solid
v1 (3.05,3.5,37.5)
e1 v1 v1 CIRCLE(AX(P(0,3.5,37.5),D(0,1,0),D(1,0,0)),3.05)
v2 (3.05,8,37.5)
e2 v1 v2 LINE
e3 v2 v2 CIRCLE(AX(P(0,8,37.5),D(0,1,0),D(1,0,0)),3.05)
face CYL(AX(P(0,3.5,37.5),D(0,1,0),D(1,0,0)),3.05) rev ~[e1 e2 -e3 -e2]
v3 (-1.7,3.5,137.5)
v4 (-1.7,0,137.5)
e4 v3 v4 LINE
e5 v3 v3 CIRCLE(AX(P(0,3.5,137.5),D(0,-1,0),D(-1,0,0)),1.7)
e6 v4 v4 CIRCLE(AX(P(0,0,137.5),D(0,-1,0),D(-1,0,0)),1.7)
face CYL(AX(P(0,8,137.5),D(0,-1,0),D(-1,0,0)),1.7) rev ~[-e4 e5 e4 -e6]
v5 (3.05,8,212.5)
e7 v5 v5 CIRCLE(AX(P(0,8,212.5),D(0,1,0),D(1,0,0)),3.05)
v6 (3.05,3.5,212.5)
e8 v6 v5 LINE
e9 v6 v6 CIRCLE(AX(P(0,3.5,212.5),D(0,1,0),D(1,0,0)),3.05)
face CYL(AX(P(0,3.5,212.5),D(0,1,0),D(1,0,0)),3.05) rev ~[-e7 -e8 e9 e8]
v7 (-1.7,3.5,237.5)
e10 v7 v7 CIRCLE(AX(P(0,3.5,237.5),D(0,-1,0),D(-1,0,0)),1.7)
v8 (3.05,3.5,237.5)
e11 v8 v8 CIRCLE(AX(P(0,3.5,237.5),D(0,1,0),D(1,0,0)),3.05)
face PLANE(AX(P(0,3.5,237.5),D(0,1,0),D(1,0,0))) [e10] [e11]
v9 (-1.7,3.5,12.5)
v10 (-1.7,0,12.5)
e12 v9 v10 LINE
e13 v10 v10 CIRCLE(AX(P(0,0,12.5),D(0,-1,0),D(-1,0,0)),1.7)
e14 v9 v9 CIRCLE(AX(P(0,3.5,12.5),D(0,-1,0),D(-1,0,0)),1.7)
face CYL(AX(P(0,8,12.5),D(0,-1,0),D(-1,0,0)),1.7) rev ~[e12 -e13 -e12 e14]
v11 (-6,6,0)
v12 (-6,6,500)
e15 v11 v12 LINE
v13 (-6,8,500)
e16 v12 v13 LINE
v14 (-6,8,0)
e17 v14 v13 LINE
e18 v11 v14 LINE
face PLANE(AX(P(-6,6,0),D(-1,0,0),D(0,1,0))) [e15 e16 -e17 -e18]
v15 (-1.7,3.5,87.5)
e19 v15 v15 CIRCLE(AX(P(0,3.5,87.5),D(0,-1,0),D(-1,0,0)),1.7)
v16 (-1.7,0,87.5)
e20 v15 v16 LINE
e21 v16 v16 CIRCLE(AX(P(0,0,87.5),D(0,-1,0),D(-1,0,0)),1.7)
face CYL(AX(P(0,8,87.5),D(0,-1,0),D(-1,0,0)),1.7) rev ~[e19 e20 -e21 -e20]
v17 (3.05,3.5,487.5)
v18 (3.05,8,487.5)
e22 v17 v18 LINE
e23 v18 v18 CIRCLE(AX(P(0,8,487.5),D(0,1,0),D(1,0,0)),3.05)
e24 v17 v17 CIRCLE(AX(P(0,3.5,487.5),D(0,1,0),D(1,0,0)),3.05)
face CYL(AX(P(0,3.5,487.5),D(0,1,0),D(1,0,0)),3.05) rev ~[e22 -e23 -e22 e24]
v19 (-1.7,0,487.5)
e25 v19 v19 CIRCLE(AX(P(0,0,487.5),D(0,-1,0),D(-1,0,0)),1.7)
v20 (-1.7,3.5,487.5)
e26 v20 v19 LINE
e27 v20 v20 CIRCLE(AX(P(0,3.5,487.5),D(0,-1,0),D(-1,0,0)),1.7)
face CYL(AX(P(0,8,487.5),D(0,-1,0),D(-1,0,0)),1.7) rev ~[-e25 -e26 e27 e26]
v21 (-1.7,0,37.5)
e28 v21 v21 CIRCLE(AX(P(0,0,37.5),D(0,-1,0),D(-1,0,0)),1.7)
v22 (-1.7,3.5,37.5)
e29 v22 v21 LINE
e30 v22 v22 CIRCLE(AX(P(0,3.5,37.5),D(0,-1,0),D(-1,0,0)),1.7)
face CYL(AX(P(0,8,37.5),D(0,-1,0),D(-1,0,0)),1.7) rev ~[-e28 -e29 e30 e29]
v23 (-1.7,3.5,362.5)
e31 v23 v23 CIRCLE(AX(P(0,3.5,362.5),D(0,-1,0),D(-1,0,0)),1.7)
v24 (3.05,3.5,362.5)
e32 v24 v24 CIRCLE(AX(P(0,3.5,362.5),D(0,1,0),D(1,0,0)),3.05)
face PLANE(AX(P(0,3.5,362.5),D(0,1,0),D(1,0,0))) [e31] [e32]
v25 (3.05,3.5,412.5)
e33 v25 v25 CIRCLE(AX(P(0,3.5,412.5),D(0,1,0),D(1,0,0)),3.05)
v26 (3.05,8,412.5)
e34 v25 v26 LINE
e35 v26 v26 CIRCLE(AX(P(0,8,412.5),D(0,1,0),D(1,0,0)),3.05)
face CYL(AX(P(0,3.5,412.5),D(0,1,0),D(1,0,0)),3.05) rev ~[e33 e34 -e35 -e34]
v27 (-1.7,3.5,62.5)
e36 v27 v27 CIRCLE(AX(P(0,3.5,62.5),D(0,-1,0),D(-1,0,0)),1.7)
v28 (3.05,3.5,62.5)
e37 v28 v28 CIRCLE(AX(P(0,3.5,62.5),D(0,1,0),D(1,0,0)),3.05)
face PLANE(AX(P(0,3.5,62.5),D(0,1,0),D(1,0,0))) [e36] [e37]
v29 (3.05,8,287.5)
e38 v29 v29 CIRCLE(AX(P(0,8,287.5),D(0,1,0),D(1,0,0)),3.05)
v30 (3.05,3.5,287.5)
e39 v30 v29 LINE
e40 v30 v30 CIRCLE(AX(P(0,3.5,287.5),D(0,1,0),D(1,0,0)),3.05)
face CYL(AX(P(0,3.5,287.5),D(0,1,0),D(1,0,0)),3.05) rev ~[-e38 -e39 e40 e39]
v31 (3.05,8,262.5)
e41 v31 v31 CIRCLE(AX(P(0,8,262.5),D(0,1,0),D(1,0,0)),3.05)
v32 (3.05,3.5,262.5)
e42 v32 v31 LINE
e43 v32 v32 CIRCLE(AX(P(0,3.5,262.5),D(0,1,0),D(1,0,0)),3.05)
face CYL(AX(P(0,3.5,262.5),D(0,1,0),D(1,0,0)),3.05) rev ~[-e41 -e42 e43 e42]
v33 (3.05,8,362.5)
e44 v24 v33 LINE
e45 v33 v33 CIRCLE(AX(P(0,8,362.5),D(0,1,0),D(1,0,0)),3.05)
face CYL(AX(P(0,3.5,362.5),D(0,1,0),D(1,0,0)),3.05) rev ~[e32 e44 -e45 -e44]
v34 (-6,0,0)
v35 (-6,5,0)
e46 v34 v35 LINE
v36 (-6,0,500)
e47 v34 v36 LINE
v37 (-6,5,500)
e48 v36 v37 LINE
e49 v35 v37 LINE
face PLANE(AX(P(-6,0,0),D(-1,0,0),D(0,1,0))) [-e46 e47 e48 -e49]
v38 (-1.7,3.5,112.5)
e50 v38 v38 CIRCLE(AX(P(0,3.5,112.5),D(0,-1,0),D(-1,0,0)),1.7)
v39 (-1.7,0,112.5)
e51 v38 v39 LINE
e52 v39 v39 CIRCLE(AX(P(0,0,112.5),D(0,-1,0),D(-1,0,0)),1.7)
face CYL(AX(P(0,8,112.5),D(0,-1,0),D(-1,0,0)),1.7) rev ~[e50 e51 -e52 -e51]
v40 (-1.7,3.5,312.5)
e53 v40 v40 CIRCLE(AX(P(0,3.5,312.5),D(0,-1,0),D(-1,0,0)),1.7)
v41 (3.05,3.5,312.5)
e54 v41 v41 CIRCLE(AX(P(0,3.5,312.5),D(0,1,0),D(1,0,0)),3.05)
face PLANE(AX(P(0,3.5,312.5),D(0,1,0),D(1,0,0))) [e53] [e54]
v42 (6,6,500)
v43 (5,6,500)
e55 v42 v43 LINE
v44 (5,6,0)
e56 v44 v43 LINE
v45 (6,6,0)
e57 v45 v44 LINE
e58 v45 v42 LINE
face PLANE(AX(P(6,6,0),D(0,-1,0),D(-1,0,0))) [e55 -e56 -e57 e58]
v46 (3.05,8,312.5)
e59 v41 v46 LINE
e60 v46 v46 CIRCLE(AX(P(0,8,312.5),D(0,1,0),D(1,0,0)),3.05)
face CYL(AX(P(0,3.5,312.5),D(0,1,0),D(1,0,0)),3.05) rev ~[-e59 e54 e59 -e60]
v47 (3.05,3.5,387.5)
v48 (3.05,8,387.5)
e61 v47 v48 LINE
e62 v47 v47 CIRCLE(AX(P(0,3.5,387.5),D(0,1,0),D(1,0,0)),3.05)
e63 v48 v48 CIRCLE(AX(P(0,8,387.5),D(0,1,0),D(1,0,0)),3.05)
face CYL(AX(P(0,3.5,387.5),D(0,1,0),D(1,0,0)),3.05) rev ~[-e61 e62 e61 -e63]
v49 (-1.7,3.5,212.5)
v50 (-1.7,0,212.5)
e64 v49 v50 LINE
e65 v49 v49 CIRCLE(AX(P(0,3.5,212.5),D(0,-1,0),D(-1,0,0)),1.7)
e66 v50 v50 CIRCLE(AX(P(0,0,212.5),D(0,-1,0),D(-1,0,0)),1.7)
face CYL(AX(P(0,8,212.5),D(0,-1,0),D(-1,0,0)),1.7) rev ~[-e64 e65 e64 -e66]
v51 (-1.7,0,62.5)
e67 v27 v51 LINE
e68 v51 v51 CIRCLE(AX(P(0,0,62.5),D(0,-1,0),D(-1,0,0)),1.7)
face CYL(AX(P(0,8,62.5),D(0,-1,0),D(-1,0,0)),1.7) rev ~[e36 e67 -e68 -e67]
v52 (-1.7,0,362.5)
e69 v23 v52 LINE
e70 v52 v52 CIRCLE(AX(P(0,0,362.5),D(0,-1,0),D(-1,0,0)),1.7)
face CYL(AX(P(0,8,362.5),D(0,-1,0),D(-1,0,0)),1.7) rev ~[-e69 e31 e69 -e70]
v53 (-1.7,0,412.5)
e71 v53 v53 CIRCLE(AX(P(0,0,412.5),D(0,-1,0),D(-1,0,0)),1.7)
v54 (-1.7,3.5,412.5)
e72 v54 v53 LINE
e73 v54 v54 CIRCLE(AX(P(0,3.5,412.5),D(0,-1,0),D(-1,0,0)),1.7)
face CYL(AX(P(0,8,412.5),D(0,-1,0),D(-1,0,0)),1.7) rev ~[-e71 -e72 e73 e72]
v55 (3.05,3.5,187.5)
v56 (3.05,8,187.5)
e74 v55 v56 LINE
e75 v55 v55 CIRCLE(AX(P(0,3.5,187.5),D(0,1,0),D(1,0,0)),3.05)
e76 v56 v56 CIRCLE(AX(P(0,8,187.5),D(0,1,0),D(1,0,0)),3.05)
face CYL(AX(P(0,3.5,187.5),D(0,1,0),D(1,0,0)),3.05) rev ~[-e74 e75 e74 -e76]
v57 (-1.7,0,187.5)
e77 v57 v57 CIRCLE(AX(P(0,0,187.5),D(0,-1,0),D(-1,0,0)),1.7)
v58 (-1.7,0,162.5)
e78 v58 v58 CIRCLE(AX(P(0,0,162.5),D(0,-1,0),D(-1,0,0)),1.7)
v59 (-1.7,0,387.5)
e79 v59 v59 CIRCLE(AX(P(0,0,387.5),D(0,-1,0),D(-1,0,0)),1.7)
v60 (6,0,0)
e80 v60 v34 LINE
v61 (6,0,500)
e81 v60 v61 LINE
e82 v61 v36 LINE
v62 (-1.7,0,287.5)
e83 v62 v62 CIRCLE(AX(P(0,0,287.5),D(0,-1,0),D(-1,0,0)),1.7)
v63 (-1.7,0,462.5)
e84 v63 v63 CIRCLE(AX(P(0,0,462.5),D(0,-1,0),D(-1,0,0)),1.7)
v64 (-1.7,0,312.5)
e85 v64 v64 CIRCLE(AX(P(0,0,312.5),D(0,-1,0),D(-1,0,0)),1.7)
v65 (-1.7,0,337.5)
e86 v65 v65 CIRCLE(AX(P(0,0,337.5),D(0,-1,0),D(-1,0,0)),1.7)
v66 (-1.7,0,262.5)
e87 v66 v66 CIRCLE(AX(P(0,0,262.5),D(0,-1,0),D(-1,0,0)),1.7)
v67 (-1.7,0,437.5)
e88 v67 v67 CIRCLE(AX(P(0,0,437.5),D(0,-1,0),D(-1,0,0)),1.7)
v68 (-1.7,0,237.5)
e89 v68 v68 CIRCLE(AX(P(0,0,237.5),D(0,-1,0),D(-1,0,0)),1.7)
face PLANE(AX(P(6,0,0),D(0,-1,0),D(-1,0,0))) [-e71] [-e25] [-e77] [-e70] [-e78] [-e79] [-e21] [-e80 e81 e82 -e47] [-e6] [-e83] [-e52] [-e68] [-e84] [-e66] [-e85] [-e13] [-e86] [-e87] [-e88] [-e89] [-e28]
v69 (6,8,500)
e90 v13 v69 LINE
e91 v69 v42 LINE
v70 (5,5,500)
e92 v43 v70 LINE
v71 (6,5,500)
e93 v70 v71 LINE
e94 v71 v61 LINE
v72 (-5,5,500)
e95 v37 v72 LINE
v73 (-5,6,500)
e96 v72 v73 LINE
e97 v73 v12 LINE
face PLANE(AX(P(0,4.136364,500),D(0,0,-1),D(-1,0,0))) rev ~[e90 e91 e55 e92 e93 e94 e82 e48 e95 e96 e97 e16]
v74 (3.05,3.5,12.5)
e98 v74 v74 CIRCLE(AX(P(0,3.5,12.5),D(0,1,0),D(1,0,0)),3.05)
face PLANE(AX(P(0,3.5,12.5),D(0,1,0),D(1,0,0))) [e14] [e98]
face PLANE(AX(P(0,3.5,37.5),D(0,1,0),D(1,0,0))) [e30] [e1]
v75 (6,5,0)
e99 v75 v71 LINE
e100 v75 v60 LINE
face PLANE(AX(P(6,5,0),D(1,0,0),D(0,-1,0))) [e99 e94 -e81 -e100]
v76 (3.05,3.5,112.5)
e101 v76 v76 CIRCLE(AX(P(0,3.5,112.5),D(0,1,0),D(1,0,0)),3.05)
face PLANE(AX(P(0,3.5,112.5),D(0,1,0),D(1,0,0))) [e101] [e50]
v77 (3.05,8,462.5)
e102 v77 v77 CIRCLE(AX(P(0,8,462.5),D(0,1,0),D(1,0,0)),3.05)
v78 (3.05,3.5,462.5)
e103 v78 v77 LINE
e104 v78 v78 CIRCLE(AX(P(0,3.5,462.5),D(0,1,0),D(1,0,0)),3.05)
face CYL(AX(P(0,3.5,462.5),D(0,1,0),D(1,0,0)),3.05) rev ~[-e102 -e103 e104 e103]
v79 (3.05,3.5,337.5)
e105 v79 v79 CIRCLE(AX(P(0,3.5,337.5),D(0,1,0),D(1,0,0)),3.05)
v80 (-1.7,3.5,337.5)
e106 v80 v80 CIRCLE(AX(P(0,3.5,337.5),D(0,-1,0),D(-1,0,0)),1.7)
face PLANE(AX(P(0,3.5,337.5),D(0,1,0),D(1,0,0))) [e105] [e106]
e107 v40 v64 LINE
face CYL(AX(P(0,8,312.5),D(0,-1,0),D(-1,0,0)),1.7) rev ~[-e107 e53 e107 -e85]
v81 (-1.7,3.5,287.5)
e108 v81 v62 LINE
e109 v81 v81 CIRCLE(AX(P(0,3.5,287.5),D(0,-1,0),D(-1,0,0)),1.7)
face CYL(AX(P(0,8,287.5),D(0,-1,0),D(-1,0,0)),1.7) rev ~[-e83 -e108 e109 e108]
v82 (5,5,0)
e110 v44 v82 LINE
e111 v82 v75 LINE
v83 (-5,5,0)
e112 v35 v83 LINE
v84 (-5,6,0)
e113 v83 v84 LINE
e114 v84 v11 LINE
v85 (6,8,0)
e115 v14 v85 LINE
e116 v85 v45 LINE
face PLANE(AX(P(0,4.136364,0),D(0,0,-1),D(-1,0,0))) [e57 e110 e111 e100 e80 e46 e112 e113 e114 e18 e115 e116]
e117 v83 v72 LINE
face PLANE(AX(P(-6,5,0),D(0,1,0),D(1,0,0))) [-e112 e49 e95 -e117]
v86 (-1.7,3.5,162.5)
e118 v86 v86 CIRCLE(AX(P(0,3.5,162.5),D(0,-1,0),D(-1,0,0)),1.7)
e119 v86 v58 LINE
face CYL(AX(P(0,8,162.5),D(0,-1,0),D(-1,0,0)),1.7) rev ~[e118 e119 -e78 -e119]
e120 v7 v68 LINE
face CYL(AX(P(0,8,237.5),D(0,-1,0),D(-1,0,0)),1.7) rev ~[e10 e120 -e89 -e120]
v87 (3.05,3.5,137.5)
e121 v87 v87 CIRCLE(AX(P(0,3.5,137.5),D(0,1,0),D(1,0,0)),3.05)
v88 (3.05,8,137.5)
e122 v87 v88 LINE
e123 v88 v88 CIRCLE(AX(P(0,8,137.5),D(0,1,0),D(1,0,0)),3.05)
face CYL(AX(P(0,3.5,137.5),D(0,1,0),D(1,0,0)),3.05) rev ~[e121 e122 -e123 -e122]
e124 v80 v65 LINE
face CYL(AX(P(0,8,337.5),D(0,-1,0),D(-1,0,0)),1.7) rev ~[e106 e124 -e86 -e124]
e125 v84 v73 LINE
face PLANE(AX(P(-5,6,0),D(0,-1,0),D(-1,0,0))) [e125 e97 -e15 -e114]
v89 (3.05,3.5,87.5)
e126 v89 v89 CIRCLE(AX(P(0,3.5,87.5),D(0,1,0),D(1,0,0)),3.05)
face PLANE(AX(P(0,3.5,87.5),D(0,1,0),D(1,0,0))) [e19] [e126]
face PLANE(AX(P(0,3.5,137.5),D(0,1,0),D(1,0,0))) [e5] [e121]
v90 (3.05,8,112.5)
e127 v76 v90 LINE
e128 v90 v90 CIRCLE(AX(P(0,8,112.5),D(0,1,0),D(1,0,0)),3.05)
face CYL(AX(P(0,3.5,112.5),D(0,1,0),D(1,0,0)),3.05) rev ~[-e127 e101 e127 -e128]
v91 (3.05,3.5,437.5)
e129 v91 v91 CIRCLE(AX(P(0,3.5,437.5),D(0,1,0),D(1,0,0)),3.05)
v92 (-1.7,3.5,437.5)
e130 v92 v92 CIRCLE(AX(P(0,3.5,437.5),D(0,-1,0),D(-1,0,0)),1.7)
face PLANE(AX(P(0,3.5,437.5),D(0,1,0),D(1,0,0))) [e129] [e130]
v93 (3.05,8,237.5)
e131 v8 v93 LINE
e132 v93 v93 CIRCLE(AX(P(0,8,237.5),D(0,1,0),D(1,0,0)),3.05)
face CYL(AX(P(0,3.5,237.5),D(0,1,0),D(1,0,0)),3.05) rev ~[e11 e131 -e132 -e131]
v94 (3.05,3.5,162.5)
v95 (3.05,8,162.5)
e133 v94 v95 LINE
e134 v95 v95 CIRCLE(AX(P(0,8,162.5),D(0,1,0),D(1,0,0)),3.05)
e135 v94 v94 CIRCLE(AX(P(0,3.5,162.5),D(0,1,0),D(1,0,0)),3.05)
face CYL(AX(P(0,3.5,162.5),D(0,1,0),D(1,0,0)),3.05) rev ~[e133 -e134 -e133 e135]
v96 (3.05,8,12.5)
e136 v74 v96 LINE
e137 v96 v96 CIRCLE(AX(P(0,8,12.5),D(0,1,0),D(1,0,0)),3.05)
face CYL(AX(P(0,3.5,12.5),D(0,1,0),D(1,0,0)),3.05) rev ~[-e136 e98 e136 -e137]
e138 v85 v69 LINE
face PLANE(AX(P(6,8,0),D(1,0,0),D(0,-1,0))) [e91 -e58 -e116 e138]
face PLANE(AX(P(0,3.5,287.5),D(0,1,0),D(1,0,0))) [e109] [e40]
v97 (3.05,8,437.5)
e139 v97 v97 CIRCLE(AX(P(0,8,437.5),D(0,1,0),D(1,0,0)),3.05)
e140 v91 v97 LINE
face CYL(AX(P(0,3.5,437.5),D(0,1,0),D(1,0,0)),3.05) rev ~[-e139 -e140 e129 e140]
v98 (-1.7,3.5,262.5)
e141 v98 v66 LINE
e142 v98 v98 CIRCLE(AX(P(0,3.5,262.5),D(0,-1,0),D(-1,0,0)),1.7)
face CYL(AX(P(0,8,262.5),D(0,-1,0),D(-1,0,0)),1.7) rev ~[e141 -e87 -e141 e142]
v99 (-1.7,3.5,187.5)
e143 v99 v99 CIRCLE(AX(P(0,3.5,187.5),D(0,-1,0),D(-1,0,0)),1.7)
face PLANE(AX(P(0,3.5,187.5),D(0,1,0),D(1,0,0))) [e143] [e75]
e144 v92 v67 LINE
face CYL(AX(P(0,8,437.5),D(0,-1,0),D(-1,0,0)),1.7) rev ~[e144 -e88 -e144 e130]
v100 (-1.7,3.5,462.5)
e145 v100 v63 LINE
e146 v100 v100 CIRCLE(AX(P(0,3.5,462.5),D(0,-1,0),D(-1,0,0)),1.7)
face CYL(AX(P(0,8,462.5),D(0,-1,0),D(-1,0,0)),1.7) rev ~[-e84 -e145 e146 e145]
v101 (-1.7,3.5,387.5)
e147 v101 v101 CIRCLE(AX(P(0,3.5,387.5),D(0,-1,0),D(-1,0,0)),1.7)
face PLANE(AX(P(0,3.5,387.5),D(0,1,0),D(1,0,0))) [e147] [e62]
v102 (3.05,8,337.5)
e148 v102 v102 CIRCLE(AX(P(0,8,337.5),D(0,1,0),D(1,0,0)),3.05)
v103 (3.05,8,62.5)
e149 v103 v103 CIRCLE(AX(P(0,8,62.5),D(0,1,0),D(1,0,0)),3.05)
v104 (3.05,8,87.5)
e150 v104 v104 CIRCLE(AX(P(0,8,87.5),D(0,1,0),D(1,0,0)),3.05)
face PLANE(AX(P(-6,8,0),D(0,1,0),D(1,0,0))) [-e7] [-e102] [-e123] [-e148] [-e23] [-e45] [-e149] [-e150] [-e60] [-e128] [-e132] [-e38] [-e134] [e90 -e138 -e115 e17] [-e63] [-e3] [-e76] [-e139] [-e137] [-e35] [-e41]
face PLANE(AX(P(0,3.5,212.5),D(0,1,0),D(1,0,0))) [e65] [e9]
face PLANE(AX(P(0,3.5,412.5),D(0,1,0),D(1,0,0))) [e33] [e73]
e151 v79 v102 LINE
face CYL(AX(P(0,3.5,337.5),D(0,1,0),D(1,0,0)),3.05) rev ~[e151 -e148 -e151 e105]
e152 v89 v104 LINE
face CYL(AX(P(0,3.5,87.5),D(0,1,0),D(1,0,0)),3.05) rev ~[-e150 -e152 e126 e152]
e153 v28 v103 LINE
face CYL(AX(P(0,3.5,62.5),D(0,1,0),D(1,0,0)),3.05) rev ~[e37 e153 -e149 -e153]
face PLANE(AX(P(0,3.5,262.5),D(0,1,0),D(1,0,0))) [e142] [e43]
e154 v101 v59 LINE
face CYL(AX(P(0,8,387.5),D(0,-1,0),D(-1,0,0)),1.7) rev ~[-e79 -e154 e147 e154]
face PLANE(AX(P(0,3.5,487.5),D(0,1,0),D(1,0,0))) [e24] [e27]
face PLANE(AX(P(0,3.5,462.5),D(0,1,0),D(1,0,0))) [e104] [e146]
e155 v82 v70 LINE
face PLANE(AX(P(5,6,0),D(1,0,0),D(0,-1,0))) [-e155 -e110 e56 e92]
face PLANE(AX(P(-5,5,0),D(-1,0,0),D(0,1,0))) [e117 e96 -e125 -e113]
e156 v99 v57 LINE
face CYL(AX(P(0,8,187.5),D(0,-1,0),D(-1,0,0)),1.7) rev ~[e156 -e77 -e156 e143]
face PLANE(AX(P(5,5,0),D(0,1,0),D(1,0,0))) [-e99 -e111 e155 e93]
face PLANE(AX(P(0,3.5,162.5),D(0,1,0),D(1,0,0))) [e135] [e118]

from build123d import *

# Parameters (mm, degrees)
PAD073_DEPTH        = 500
HOLE001_D           = 3.4
HOLE001_CBORE_D     = 6.1
HOLE001_CBORE_DEPTH = 4.5
LINEARPATTERN_COUNT = 20
LINEARPATTERN_PITCH = 25


with BuildPart() as part:
    # Sketch119 → Pad073 (new body)
    with BuildSketch(Plane.XY):
        Polygon((-6, 0), (-6, 5), (-5, 5), (-5, 6), (-6, 6), (-6, 8), (6, 8), (6, 6), (5, 6), (5, 5), (6, 5), (6, 0), align=None)
    extrude(amount=PAD073_DEPTH)

    # Hole001 (through all)
    with Locations(Plane(origin=(0, 8, 0), x_dir=(1, 0, 0), z_dir=(0, 1, 0))):
        with Locations((0, -12.5)):
            hole001 = CounterBoreHole(HOLE001_D / 2, HOLE001_CBORE_D / 2, HOLE001_CBORE_DEPTH)

    # LinearPattern: Hole001 ×20
    with Locations(*[(0, 0, i * LINEARPATTERN_PITCH) for i in range(1, LINEARPATTERN_COUNT)]):
        add(hole001, mode=Mode.SUBTRACT)


solid = part.part
